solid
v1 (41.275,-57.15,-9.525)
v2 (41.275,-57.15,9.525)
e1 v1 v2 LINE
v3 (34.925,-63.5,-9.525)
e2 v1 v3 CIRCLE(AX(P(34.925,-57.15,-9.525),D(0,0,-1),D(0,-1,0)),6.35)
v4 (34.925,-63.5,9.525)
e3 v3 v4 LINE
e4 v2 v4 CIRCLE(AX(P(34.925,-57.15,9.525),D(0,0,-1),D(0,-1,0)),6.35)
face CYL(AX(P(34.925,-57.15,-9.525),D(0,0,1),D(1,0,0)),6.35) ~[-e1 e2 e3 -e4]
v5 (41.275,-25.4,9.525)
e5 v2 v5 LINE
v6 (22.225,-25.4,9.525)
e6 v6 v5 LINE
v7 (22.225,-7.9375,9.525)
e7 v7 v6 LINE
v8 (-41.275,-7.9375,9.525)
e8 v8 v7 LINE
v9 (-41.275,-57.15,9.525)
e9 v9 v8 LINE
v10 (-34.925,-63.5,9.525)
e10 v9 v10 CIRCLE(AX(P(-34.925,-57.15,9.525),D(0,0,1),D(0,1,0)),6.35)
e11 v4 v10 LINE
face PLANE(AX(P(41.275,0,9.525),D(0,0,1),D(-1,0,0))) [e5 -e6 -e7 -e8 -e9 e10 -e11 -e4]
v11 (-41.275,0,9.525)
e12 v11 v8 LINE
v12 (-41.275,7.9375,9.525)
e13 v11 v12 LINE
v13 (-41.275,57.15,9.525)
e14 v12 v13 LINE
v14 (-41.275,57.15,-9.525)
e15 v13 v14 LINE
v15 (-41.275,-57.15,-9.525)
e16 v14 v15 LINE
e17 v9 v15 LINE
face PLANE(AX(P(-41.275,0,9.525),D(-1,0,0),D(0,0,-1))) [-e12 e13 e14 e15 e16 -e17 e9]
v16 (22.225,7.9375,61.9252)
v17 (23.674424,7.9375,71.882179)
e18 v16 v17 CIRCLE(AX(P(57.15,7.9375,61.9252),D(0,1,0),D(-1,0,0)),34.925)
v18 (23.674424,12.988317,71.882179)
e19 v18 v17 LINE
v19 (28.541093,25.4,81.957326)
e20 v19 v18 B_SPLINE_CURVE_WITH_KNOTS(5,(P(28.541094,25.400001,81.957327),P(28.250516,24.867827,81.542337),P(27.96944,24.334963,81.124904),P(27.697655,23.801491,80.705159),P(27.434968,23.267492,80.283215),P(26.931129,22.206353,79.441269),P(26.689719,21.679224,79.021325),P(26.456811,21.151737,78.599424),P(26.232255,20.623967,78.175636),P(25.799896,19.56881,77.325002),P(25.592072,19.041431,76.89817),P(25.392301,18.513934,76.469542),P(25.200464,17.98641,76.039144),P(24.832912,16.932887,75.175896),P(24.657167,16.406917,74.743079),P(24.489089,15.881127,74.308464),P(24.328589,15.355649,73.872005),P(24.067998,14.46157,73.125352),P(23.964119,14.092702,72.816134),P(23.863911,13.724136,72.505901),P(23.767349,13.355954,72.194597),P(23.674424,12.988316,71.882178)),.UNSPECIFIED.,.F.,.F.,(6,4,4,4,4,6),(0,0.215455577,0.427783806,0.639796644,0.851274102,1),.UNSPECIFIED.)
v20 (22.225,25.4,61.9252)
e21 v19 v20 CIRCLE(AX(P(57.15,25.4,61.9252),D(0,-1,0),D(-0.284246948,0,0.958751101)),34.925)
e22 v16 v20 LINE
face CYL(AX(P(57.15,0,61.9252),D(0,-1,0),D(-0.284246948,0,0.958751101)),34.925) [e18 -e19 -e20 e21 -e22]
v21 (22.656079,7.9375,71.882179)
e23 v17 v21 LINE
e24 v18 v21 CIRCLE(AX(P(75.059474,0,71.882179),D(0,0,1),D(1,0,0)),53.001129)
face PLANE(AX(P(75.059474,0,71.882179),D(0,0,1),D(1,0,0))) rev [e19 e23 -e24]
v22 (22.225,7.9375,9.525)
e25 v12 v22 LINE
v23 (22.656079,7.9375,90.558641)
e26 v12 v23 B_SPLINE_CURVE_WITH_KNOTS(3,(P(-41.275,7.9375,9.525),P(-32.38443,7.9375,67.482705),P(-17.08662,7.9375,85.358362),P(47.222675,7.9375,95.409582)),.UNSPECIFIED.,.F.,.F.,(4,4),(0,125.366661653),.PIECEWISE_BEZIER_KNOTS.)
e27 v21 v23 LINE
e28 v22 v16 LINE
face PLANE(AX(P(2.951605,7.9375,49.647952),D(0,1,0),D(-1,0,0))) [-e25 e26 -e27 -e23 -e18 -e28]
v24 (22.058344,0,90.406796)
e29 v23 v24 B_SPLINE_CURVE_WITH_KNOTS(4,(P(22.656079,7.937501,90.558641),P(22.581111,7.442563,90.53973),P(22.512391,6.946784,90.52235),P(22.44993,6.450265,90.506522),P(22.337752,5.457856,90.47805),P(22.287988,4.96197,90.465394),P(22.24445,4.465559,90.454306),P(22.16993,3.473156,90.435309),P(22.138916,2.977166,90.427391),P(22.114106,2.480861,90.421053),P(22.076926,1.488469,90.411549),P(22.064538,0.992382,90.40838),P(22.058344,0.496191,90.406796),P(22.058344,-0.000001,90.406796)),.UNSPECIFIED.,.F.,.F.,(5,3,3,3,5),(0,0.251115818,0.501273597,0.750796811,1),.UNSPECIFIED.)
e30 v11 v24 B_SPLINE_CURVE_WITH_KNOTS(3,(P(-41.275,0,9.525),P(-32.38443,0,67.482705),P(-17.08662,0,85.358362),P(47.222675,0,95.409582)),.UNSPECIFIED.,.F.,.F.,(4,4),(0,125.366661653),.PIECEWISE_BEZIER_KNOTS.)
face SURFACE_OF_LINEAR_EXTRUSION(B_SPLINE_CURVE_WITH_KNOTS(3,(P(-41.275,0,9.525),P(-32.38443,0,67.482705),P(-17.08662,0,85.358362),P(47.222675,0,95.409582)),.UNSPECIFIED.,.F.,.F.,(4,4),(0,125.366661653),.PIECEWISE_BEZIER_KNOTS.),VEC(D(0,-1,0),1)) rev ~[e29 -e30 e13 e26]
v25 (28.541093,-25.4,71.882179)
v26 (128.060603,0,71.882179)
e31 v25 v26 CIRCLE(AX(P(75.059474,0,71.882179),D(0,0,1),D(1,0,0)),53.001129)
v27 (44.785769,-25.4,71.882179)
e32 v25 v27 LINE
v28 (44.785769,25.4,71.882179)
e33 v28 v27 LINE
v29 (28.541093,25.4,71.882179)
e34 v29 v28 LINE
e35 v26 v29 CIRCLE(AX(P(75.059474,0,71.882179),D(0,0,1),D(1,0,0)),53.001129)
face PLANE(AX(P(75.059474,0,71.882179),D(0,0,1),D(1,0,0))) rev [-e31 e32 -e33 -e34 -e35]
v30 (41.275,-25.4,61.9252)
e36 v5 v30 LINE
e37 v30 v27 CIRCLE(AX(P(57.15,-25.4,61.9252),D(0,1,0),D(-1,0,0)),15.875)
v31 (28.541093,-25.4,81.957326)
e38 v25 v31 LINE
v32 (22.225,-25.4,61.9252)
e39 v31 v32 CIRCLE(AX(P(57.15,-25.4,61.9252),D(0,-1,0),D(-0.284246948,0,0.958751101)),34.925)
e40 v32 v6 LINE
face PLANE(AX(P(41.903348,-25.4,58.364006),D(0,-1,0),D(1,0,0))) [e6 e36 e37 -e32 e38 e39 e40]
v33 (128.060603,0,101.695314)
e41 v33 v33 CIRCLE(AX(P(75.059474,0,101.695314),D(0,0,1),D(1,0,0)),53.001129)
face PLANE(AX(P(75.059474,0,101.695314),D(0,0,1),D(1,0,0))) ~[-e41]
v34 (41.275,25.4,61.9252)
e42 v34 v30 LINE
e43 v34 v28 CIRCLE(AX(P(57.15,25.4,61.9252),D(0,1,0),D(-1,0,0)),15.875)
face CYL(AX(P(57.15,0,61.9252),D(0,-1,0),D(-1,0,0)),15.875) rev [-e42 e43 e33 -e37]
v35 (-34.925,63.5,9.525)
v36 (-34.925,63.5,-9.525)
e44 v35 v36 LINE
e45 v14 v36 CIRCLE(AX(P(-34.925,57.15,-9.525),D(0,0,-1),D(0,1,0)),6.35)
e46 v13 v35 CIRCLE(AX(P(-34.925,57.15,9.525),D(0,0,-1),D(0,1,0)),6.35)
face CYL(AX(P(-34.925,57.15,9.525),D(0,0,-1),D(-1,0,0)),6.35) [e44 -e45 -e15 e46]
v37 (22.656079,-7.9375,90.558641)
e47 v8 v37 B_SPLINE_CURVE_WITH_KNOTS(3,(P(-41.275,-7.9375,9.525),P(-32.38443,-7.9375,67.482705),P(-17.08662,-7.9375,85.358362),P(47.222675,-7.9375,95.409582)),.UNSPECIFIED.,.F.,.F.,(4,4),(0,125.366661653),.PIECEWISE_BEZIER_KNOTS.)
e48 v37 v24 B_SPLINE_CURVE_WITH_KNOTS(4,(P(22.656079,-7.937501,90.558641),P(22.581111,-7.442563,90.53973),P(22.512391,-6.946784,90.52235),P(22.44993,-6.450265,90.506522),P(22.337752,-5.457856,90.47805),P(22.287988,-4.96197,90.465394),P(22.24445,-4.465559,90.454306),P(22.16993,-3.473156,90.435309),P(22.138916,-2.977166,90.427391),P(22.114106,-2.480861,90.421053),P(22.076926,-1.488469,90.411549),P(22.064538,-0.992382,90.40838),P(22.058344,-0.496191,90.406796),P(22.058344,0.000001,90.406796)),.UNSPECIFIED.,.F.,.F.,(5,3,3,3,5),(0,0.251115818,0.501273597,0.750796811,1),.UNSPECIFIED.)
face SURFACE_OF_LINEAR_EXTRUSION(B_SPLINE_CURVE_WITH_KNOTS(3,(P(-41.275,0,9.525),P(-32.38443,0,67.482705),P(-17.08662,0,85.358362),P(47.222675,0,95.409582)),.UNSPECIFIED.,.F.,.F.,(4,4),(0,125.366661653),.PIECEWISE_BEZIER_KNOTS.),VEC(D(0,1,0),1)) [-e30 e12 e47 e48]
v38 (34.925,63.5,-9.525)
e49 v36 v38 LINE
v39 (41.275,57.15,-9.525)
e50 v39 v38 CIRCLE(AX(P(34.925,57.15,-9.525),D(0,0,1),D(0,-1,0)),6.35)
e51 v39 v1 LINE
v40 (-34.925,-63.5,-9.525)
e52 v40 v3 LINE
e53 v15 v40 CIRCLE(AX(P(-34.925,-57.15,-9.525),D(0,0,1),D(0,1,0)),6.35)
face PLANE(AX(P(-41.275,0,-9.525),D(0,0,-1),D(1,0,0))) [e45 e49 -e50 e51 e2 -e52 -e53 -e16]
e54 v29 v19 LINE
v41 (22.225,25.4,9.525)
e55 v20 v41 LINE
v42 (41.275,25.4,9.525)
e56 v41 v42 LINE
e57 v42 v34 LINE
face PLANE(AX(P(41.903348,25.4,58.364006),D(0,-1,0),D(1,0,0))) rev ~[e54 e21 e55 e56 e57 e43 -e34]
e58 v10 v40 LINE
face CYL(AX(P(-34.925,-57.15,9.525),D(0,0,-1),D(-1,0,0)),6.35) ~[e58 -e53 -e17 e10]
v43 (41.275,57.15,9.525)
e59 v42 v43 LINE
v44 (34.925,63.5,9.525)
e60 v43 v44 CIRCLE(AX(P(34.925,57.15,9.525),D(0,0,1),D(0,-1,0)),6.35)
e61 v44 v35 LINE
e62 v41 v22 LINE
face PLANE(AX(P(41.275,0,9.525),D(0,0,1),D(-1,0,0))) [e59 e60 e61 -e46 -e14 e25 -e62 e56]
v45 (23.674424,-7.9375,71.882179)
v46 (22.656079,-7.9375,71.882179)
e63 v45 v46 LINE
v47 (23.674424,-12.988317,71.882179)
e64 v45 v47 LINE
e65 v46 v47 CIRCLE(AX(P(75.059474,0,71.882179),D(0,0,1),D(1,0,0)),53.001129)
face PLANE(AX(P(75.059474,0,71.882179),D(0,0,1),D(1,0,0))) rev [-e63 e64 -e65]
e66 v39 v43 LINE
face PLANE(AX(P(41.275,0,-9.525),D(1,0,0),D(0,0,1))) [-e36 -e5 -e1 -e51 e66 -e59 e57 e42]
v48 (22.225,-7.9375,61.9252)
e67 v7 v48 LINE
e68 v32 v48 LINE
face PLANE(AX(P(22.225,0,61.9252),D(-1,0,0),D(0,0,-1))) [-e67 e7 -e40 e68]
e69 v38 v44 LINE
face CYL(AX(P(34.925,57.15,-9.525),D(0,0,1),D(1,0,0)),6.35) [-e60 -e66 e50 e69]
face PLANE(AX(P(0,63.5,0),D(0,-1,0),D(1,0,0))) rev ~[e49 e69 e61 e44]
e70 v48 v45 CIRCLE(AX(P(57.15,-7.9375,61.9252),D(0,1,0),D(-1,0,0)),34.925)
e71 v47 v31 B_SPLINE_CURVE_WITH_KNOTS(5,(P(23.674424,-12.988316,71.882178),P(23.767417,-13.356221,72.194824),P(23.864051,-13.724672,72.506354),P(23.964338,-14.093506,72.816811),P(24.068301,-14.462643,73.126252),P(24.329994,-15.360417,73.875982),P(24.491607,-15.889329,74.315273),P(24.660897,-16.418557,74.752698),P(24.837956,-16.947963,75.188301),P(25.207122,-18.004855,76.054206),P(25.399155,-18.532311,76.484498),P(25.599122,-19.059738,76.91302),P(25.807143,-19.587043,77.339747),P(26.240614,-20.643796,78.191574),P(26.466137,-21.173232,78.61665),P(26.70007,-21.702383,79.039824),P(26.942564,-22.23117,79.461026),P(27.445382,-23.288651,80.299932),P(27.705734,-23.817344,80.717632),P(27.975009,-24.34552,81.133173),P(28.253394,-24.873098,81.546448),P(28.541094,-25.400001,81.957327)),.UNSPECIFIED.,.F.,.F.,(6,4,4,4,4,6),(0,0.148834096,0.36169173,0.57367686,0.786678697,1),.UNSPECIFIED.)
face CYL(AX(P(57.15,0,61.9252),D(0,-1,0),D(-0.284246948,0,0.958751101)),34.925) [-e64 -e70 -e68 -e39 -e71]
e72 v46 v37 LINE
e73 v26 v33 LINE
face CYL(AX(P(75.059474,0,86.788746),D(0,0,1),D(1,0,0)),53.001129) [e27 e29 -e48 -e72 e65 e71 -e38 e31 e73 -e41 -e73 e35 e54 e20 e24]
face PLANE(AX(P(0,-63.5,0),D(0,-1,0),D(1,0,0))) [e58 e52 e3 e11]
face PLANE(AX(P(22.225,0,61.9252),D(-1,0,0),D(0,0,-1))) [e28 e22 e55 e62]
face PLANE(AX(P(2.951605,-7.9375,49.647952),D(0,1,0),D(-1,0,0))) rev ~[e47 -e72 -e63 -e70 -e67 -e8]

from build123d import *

# Parameters (mm, degrees)
F1_DEPTH = 63.5
F2_DEPTH = 25.4
F3_DEPTH = 7.9375
F0_W     = 53.001129165
F0_H     = 29.8131351553
F5_R     = 6.35


with BuildPart() as f1:
    # F0 (on Front) → F1 (new body, symmetric)
    with BuildSketch(Plane.XZ):
        Polygon((22.225, 9.525), (-41.275, 9.525), (-41.275, -9.525), (41.275, -9.525), (41.275, 9.525), align=None)
    extrude(amount=F1_DEPTH, both=True)

    # F0 (on Front) → F2 (join, symmetric)
    with BuildSketch(Plane.XZ):
        with BuildLine():
            Line((22.225, 61.9252), (22.225, 9.525))
            Line((22.225, 9.525), (41.275, 9.525))
            Line((41.275, 9.525), (41.275, 61.9252))
            ThreePointArc((41.275, 61.9252), (45.9246798487, 73.1505201513), (57.15, 77.8002))
            Line((57.15, 77.8002), (74.9244145172, 77.8002))
            Line((74.9244145172, 77.8002), (74.9244145172, 96.8502))
            Line((74.9244145172, 96.8502), (57.15, 96.8502))
            add(Edge.make_bspline(
                [(47.222675354, 95.4095821859), (50.4096853914, 95.9076958448), (53.7170651414, 96.3865930832), (57.15, 96.8502)],
                knots=[125.3666616532, 125.3666616532, 125.3666616532, 125.3666616532, 131.5795241671, 131.5795241671, 131.5795241671, 131.5795241671], degree=3))
            ThreePointArc((47.222675354, 95.4095821859), (29.1636869322, 82.8183066591), (22.225, 61.9252))
        make_face()
    extrude(amount=F2_DEPTH, both=True)

    # F0 (on Front) → F3 (join, symmetric)
    with BuildSketch(Plane.XZ):
        with BuildLine():
            add(Edge.make_bspline(
                [(-41.275, 9.525), (-32.3844300355, 67.4827050573), (-17.0866197814, 85.3583624135), (47.222675354, 95.4095821859)],
                knots=[0, 0, 0, 0, 125.3666616532, 125.3666616532, 125.3666616532, 125.3666616532], degree=3))
            Line((-41.275, 9.525), (22.225, 9.525))
            Line((22.225, 9.525), (22.225, 61.9252))
            ThreePointArc((22.225, 61.9252), (29.1636869322, 82.8183066591), (47.222675354, 95.4095821859))
        make_face()
    extrude(amount=F3_DEPTH, both=True)

    # F0 (on Front) → F4 (revolve)
    with BuildSketch(Plane.XZ):
        with Locations((101.560038097, 86.7887464721)):
            Rectangle(F0_W, F0_H)
    revolve(axis=Axis((75.0594735146, 0, 86.7887464721), (0, 0, 1)))

    # F5
    f5_edges = [f1.edges().sort_by_distance(p)[0] for p in [
        (41.275, -63.5, 0),
        (-41.275, -63.5, 0),
        (41.275, 63.5, 0),
        (-41.275, 63.5, 0),
    ]]
    fillet(f5_edges, radius=F5_R)


solid = f1.part
